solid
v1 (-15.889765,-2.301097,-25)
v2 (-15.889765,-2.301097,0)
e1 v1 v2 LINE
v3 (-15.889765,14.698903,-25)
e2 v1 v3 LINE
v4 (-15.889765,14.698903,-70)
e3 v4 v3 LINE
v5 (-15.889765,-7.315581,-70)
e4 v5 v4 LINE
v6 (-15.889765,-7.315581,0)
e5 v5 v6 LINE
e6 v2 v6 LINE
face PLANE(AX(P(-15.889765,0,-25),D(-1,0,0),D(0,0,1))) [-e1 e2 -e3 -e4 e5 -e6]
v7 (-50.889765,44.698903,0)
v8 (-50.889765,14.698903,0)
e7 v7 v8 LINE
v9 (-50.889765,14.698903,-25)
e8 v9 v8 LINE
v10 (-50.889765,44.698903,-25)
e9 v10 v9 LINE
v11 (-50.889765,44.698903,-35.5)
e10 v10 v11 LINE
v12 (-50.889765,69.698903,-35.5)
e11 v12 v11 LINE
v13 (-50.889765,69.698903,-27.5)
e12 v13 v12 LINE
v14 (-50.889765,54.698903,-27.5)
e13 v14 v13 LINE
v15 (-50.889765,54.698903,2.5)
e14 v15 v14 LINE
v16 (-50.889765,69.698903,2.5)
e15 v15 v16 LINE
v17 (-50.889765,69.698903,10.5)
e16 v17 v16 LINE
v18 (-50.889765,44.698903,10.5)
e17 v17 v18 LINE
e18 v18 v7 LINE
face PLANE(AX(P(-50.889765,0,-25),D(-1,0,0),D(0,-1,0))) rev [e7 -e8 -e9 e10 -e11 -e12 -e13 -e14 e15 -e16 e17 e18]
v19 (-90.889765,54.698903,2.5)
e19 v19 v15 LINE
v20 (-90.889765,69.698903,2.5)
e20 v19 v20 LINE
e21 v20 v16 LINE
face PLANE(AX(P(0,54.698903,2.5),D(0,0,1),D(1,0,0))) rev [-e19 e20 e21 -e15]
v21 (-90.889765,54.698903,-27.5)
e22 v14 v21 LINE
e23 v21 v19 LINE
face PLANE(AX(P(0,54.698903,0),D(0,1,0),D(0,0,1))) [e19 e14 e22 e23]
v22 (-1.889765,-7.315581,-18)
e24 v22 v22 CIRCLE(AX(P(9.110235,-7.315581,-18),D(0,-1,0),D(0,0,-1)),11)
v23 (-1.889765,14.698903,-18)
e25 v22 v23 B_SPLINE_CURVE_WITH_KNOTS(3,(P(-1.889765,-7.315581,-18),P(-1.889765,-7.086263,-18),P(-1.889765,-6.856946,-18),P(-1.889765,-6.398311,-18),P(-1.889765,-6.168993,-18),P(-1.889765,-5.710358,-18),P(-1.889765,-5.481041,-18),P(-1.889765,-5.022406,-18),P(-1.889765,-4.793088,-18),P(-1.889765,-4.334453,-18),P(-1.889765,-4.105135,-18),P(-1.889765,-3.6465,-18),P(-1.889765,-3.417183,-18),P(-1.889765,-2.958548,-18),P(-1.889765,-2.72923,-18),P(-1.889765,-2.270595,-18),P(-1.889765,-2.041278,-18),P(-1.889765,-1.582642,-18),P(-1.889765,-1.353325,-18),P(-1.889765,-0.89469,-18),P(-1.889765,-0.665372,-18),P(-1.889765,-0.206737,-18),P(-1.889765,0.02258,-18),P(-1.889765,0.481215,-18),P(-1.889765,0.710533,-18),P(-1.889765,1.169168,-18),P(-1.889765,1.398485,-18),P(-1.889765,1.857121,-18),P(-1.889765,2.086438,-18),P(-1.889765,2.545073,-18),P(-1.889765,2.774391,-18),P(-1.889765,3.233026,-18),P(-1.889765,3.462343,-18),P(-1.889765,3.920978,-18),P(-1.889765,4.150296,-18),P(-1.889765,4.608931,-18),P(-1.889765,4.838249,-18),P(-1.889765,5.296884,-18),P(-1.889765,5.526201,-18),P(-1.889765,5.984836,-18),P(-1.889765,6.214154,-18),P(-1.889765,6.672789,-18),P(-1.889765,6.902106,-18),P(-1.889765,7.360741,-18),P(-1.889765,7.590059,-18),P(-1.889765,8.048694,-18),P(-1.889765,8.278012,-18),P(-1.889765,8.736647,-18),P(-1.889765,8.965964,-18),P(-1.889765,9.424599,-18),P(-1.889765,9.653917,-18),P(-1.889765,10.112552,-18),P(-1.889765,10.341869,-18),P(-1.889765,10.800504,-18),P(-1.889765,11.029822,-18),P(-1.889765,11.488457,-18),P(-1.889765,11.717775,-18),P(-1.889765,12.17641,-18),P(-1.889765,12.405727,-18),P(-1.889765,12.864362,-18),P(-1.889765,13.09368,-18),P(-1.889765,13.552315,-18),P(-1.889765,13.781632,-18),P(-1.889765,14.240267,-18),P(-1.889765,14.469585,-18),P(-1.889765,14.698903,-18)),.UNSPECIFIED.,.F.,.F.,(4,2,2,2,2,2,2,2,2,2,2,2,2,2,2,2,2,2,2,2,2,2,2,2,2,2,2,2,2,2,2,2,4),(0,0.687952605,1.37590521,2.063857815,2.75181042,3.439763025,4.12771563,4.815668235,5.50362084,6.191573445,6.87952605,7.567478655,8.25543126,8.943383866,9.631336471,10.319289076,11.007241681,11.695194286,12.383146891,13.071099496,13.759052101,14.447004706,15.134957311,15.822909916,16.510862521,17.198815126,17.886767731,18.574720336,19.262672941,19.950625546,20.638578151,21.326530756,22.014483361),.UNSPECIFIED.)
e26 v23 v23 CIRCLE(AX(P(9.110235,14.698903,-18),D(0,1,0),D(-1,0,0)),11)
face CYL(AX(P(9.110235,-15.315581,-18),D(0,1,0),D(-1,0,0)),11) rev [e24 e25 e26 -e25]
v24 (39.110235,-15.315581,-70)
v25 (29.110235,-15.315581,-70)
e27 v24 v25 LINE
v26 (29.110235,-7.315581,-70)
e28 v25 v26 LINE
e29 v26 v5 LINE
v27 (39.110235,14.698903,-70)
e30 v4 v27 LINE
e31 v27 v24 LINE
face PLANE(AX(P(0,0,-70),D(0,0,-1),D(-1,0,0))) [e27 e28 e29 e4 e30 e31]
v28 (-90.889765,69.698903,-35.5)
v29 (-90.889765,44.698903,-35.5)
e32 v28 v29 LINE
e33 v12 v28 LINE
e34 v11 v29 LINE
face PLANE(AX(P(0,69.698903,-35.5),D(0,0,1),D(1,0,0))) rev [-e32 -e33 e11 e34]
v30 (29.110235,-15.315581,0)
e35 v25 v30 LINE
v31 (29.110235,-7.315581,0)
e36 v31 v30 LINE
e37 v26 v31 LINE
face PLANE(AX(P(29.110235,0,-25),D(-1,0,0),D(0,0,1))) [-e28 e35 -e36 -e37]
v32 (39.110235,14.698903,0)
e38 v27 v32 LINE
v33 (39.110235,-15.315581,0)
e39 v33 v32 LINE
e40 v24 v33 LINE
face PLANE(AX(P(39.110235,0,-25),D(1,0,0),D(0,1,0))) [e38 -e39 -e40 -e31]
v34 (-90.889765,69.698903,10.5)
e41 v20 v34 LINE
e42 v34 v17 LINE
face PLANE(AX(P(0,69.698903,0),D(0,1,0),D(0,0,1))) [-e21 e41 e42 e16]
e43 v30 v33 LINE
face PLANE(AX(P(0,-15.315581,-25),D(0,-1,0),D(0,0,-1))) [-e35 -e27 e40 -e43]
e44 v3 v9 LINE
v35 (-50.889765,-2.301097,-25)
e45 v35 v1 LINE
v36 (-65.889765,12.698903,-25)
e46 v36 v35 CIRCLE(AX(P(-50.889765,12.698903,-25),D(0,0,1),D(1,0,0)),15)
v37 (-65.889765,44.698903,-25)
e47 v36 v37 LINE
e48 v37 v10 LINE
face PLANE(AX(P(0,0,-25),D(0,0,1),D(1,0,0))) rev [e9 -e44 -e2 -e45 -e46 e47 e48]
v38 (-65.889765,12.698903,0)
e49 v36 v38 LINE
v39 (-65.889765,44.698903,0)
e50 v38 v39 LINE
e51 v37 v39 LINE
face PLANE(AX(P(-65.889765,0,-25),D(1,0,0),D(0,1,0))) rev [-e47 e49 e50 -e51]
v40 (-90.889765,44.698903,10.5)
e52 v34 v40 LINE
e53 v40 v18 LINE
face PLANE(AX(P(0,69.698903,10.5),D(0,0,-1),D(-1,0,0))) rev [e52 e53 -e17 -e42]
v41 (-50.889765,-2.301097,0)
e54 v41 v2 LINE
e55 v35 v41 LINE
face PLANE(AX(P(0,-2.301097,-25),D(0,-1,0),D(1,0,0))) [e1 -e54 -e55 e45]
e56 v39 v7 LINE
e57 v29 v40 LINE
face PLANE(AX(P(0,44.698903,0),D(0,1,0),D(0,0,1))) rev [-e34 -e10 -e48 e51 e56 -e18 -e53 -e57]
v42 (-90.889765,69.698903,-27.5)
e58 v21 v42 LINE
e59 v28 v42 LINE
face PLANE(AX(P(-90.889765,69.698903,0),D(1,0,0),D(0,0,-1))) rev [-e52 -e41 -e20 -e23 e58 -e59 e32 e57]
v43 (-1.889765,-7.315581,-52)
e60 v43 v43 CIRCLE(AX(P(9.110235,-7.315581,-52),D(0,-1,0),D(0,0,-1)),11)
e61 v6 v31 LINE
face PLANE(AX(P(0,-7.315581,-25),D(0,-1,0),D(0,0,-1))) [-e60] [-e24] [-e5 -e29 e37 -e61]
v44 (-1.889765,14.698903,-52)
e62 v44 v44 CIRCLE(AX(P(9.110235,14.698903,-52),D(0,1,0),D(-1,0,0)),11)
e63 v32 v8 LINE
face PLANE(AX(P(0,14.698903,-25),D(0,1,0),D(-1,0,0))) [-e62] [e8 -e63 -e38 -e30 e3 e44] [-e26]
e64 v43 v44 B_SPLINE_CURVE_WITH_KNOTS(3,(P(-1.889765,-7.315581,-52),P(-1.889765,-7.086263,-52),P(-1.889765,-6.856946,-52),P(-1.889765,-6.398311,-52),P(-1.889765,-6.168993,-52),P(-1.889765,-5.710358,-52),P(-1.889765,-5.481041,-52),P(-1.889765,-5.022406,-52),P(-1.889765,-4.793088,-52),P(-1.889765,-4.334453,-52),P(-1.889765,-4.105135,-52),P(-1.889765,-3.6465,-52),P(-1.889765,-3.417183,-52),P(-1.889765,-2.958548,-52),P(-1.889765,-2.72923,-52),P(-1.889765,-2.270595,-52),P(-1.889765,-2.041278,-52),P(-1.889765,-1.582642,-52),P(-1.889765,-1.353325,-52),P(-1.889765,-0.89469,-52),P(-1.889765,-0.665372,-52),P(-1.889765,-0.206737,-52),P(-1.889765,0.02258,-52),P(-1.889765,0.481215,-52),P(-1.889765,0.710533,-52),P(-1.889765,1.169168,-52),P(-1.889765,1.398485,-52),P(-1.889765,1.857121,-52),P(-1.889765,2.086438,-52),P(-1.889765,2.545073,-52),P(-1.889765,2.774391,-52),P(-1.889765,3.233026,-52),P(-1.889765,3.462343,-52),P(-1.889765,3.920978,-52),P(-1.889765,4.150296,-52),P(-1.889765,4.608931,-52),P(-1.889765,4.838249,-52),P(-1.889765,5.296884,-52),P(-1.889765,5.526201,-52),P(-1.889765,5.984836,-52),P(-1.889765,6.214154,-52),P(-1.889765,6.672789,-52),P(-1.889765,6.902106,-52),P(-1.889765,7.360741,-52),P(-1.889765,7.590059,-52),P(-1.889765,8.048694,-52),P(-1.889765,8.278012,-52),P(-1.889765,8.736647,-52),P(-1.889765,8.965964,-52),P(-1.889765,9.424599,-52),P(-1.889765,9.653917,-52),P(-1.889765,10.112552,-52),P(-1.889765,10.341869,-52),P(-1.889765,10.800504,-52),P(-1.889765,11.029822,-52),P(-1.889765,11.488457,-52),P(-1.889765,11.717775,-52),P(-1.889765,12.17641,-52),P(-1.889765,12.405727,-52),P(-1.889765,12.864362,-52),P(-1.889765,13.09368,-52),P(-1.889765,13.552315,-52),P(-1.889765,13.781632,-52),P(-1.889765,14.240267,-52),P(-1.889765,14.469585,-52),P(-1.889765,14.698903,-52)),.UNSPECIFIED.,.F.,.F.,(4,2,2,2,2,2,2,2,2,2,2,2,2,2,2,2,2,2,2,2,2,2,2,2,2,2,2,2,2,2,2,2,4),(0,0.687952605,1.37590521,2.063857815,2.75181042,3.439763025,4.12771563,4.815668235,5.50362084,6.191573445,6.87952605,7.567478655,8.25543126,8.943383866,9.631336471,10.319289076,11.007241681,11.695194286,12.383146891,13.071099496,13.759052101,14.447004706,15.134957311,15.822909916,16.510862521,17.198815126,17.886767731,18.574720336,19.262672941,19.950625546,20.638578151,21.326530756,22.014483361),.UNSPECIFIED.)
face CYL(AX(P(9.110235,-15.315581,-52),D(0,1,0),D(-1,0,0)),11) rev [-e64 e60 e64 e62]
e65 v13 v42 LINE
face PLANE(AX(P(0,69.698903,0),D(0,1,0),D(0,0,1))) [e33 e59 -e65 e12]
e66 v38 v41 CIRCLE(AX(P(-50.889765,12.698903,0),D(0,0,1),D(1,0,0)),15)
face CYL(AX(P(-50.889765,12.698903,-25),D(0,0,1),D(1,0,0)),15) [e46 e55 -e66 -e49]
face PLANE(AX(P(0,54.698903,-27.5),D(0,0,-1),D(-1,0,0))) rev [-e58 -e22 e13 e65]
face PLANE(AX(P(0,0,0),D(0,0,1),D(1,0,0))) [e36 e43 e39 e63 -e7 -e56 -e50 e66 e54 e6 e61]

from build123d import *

# Parameters (mm, degrees)
BOSS_EXTRUDE2_DEPTH = 25
BOSS_EXTRUDE3_DEPTH = 45
SKETCH3_W           = 15
SKETCH3_H           = 25
BOSS_EXTRUDE4_DEPTH = 25
SKETCH4_W           = 40
SKETCH4_H           = 30
CUT_EXTRUDE1_DEPTH  = 15
SKETCH5_R           = 11
CUT_EXTRUDE2_DEPTH  = 128.224012634


with BuildPart() as part:
    # Sketch1 → Boss-Extrude2 (new body)
    with BuildSketch(Plane.XY):
        Polygon((29.110234951, -15.315580854), (39.110234951, -15.315580854), (39.110234951, -2.038537921), (39.110234951, 14.698902507), (-50.889765049, 14.698902507), (-50.889765049, -2.301097493), (-15.889765049, -2.301097493), (-15.889765049, -7.315580854), (29.110234951, -7.315580854), align=None)
        with BuildLine():
            Line((-65.889765049, 12.698902507), (-65.889765049, 44.698902507))
            Line((-65.889765049, 44.698902507), (-50.889765049, 44.698902507))
            Line((-50.889765049, 44.698902507), (-50.889765049, 14.698902507))
            Line((-50.889765049, 14.698902507), (-50.889765049, -2.301097493))
            ThreePointArc((-50.889765049, -2.301097493), (-61.496366767, 2.092300789), (-65.889765049, 12.698902507))
        make_face()
    extrude(amount=-BOSS_EXTRUDE2_DEPTH)

    # Sketch2 → Boss-Extrude3 (add)
    with BuildSketch(Plane(origin=(0, 0, -25), x_dir=(-1, 0, 0), z_dir=(0, 0, -1))):
        Polygon((-39.110234951, -15.315580854), (-39.110234951, 14.698902507), (15.889765049, 14.698902507), (15.889765049, -2.301097493), (15.889765049, -7.315580854), (-29.110234951, -7.315580854), (-29.110234951, -15.315580854), align=None)
    extrude(amount=BOSS_EXTRUDE3_DEPTH)

    # Sketch3 → Boss-Extrude4 (add)
    with BuildSketch(Plane(origin=(0, 44.698902507, 0), x_dir=(1, 0, 0), z_dir=(0, 1, 0))):
        Polygon((-50.889765049, 25), (-50.889765049, 35.5), (-90.889765049, 35.5), (-90.889765049, -10.5), (-50.889765049, -10.5), (-50.889765049, 0), (-65.889765049, 0), (-65.889765049, 25), align=None)
        with Locations((-58.389765049, 12.5)):
            Rectangle(SKETCH3_W, SKETCH3_H)
    extrude(amount=BOSS_EXTRUDE4_DEPTH)

    # Sketch4 → Cut-Extrude1 (cut)
    with BuildSketch(Plane(origin=(0, 69.698902507, 0), x_dir=(1, 0, 0), z_dir=(0, 1, 0))):
        with Locations((-70.889765049, 12.5)):
            Rectangle(SKETCH4_W, SKETCH4_H)
    extrude(amount=-CUT_EXTRUDE1_DEPTH, mode=Mode.SUBTRACT)

    # Sketch5 → Cut-Extrude2 (cut, through all)
    with BuildSketch(Plane(origin=(0, 14.698902507, 0), x_dir=(1, 0, 0), z_dir=(0, 1, 0))):
        with Locations(Location((9.110234951, 18, 0), (0, 0, 180))):
            Circle(SKETCH5_R)
        with Locations(Location((9.110234951, 52, 0), (0, 0, 180))):
            Circle(SKETCH5_R)
    extrude(amount=-CUT_EXTRUDE2_DEPTH, mode=Mode.SUBTRACT)


solid = part.part
